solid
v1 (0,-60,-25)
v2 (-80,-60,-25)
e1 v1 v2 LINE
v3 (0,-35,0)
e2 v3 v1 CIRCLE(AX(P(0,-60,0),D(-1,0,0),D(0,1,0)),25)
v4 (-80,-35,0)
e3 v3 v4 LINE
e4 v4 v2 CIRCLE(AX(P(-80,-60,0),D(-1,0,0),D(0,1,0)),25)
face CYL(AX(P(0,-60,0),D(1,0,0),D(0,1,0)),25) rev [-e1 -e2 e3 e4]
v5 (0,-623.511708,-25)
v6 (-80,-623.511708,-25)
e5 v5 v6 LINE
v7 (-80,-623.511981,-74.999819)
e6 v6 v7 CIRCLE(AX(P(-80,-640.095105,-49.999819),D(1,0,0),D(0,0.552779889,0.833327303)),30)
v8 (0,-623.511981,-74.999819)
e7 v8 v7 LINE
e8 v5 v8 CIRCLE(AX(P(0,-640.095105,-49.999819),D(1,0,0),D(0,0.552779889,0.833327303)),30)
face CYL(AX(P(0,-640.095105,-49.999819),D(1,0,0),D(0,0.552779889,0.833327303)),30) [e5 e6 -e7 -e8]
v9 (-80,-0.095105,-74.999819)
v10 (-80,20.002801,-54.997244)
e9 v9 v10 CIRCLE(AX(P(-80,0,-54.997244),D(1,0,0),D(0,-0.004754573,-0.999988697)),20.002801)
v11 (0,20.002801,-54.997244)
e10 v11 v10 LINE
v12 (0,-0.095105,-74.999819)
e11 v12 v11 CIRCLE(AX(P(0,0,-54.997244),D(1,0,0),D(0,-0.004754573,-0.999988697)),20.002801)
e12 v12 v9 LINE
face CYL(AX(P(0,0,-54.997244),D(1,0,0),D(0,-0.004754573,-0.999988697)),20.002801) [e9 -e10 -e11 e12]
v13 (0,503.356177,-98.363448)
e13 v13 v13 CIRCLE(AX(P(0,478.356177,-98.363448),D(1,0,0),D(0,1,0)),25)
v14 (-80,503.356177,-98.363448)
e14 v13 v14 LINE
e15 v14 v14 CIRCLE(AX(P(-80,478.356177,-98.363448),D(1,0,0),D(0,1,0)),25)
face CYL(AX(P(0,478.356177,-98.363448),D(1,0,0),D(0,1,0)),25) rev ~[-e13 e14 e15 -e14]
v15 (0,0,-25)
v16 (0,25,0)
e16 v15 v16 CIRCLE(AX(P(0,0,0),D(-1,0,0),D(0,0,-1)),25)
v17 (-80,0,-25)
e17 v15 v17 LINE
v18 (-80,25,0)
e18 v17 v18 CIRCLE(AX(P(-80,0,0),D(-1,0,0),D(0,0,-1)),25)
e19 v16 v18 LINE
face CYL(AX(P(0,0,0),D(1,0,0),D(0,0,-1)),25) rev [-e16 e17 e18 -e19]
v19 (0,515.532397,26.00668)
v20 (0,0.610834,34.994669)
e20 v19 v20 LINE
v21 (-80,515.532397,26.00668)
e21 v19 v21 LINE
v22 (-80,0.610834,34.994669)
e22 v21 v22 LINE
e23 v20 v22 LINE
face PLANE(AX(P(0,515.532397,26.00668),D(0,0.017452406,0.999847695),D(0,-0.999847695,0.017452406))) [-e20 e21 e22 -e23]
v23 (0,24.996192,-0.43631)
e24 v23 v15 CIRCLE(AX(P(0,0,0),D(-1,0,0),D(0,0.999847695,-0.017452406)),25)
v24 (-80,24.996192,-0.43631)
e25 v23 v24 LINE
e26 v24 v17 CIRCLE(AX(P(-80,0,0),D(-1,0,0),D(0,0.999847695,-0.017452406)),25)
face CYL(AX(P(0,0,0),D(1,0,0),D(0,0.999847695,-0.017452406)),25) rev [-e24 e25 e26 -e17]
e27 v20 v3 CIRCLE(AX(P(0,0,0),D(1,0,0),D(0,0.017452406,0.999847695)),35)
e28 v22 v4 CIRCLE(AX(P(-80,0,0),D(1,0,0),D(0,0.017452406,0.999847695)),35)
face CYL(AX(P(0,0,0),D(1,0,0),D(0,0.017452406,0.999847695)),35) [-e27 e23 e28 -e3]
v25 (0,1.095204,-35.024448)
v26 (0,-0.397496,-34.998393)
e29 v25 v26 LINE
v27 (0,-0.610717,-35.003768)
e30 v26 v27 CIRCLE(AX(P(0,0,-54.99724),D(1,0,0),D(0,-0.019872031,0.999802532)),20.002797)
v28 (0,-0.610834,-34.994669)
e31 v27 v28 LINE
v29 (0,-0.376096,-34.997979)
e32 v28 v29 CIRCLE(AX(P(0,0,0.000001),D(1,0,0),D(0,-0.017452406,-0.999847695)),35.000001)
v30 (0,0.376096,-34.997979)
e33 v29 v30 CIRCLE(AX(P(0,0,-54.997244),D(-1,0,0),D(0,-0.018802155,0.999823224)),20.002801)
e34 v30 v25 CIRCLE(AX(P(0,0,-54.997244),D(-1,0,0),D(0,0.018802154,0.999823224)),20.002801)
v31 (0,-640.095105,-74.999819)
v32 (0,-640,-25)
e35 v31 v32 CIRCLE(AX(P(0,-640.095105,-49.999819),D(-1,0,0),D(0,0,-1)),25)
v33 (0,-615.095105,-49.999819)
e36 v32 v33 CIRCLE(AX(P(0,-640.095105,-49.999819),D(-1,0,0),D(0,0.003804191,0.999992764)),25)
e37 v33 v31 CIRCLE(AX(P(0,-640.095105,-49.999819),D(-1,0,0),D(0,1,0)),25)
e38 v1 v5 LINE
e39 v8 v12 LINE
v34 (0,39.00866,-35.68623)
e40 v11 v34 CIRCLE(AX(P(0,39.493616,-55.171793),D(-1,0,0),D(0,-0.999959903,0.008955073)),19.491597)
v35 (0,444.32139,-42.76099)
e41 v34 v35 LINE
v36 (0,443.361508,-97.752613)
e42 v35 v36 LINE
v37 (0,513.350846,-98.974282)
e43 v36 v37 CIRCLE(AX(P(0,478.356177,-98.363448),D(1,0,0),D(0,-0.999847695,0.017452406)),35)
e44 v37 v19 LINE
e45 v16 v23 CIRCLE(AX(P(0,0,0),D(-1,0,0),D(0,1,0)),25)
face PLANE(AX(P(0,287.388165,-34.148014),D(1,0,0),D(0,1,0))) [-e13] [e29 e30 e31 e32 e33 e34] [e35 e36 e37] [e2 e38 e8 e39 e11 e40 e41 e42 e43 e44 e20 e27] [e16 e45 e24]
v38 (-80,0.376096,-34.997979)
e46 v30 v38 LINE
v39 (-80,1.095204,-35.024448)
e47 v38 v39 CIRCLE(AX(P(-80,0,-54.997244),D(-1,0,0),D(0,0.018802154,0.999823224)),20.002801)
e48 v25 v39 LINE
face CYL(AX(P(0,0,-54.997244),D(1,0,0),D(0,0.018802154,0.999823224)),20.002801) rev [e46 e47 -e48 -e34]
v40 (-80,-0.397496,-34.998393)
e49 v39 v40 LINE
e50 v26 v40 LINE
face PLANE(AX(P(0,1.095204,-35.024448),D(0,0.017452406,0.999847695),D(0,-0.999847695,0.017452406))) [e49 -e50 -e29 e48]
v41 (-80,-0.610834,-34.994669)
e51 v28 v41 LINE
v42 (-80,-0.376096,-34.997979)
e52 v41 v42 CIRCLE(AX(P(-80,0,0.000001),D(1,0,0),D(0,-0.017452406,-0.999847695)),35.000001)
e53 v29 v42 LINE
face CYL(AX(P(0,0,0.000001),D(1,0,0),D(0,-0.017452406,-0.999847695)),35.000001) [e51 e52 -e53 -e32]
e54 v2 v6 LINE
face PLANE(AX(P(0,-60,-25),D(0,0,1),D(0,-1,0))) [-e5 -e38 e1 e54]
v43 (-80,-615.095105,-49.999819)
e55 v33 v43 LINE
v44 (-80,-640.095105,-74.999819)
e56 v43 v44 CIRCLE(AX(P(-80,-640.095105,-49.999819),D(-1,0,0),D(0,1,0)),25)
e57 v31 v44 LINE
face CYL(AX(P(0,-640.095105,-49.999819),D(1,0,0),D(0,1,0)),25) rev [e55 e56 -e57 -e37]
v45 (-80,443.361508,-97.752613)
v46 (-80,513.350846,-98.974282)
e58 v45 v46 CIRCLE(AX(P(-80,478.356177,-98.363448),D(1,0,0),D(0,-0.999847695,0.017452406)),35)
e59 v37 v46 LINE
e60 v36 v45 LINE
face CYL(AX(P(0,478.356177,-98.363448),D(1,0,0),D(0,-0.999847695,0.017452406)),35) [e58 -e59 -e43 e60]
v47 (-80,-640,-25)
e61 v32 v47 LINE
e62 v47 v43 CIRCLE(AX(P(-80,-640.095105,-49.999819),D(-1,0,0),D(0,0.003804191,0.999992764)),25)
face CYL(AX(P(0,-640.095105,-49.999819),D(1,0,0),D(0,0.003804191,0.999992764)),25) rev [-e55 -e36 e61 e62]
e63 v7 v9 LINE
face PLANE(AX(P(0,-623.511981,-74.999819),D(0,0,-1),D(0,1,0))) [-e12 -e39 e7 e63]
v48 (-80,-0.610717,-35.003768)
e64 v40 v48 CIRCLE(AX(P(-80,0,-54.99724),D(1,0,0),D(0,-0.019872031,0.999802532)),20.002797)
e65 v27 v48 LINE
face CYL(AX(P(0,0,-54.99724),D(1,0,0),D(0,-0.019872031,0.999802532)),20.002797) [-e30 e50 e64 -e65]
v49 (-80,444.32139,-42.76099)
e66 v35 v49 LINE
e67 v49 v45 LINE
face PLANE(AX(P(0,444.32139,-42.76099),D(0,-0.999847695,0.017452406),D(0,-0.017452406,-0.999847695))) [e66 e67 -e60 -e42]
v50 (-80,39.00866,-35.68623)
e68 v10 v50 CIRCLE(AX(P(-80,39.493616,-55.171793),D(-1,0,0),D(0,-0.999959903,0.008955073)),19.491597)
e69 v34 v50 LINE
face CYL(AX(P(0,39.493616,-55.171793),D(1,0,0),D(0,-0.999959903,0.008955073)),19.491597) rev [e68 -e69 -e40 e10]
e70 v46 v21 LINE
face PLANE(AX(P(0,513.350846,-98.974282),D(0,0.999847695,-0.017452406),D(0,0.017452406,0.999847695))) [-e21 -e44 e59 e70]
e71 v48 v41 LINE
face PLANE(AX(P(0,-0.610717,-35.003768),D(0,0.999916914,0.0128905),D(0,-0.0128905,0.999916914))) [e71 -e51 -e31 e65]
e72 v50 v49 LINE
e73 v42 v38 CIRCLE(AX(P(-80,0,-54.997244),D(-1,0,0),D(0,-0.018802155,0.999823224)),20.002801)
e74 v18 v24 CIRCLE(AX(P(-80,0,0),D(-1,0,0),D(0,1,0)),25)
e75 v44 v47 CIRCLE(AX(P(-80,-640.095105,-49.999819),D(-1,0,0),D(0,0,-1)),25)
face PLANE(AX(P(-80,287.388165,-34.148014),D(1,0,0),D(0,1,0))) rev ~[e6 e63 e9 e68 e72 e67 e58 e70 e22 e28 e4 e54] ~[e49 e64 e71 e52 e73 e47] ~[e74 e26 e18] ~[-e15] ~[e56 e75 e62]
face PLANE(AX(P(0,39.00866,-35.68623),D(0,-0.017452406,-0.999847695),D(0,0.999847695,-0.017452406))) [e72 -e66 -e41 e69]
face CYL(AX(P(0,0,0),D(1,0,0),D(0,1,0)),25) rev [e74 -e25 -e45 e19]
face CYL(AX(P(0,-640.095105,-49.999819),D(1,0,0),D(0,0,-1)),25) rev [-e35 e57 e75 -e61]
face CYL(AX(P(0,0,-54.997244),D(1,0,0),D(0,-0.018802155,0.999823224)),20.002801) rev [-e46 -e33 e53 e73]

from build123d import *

# Parameters (mm, degrees)
F0_R     = 25
F1_DEPTH = 80


with BuildPart() as f1:
    # F0 (on Right) → F1 (new body)
    with BuildSketch(Plane.YZ):
        with BuildLine():
            Line((514.9215630055, -8.9879893152), (34.9946693305, -0.6108342253))
            ThreePointArc((34.9946693305, -0.6108342253), (24.6655973277, -24.8315989914), (0.3760957557, -34.9979792557))
            ThreePointArc((0.3760957557, -34.9979792557), (0.7357689155, -35.0079798205), (1.0952040016, -35.0244483385))
            Line((1.0952040016, -35.0244483385), (39.008660322, -35.6862301802))
            Line((39.008660322, -35.6862301802), (444.3213901193, -42.7609901951))
            Line((444.3213901193, -42.7609901951), (443.3615077652, -97.7526134287))
            ThreePointArc((443.3615077652, -97.7526134287), (477.7453428704, -133.3581169844), (513.3508464262, -98.9742818793))
            Line((513.3508464262, -98.9742818793), (514.9215630055, -8.9879893152))
        make_face()
        with Locations((478.3561770957, -98.363447654)):
            Circle(F0_R, mode=Mode.SUBTRACT)
        with BuildLine():
            ThreePointArc((35, 0), (34.9986673072, -0.3054287424), (34.9946693305, -0.6108342253))
            Line((34.9946693305, -0.6108342253), (514.9215630055, -8.9879893152))
            Line((514.9215630055, -8.9879893152), (515.5323972308, 26.0066800153))
            Line((515.5323972308, 26.0066800153), (0.6108342253, 34.9946693305))
            ThreePointArc((0.6108342253, 34.9946693305), (24.9637657204, 24.5318242505), (35, 0))
        make_face()
        with BuildLine():
            ThreePointArc((24.9961923789, -0.4363101609), (17.5227316075, -17.8312612289), (0, -25))
            Line((0, -25), (-24.4948974278, -25))
            ThreePointArc((-24.4948974278, -25), (-13.5110249136, -32.2870284446), (-0.6108342253, -34.9946693305))
            ThreePointArc((-0.6108342253, -34.9946693305), (-0.4934677657, -34.9965211066), (-0.3760957557, -34.9979792557))
            ThreePointArc((-0.3760957557, -34.9979792557), (0, -34.9944432379), (0.3760957557, -34.9979792557))
            ThreePointArc((0.3760957557, -34.9979792557), (24.6655973277, -24.8315989914), (34.9946693305, -0.6108342253))
            Line((34.9946693305, -0.6108342253), (24.9961923789, -0.4363101609))
        make_face()
        with BuildLine():
            ThreePointArc((0, -25), (-17.6776695297, 17.6776695297), (25, 0))
            ThreePointArc((25, 0), (24.9990480766, -0.2181633875), (24.9961923789, -0.4363101609))
            Line((24.9961923789, -0.4363101609), (34.9946693305, -0.6108342253))
            ThreePointArc((34.9946693305, -0.6108342253), (34.9986673072, -0.3054287424), (35, 0))
            ThreePointArc((35, 0), (24.9637657204, 24.5318242505), (0.6108342253, 34.9946693305))
            ThreePointArc((0.6108342253, 34.9946693305), (-24.5318242505, 24.9637657204), (-35, 0))
            ThreePointArc((-35, 0), (-32.2670219417, -13.5587350078), (-24.4948974278, -25))
            Line((-24.4948974278, -25), (0, -25))
        make_face()
        with BuildLine():
            ThreePointArc((-0.6108342253, -34.9946693305), (-13.5110249136, -32.2870284446), (-24.4948974278, -25))
            Line((-24.4948974278, -25), (-60, -25))
            Line((-60, -25), (-623.5117081128, -25))
            ThreePointArc((-623.5117081128, -25), (-613.6612070325, -35.8135916236), (-610.0951047769, -49.999819101))
            ThreePointArc((-610.0951047769, -49.999819101), (-613.6612844084, -64.1861907556), (-623.5119808251, -74.999819101))
            Line((-623.5119808251, -74.999819101), (-0.0951047769, -74.999819101))
            Line((-0.0951047769, -74.999819101), (-0.6107169229, -35.0037684849))
            Line((-0.6107169229, -35.0037684849), (-0.6108342253, -34.9946693305))
        make_face()
        with BuildLine():
            Line((-60, -25), (-24.4948974278, -25))
            ThreePointArc((-24.4948974278, -25), (-32.2670219417, -13.5587350078), (-35, 0))
            ThreePointArc((-35, 0), (-42.3223304703, -17.6776695297), (-60, -25))
        make_face()
        with BuildLine():
            ThreePointArc((-610.0951047769, -49.999819101), (-613.6612070325, -35.8135916236), (-623.5117081128, -25))
            Line((-623.5117081128, -25), (-640, -25))
            ThreePointArc((-640, -25), (-622.3838425488, -32.3558062272), (-615.0951047769, -49.999819101))
            ThreePointArc((-615.0951047769, -49.999819101), (-622.4174352472, -67.6774886306), (-640.0951047769, -74.999819101))
            Line((-640.0951047769, -74.999819101), (-623.5119808251, -74.999819101))
            ThreePointArc((-623.5119808251, -74.999819101), (-613.6612844084, -64.1861907556), (-610.0951047769, -49.999819101))
        make_face()
        with BuildLine():
            Line((-640, -25), (-623.5117081128, -25))
            ThreePointArc((-623.5117081128, -25), (-670.0951047765, -49.999655473), (-623.5119808251, -74.999819101))
            Line((-623.5119808251, -74.999819101), (-640.0951047769, -74.999819101))
            ThreePointArc((-640.0951047769, -74.999819101), (-665.0950595521, -49.9522666265), (-640, -25))
        make_face()
        with BuildLine():
            Line((1.0952040016, -35.0244483385), (-0.3974963091, -34.9983931577))
            ThreePointArc((-0.3974963091, -34.9983931577), (-0.5041137806, -35.0007966248), (-0.6107169229, -35.0037684849))
            Line((-0.6107169229, -35.0037684849), (-0.0951047769, -74.999819101))
            ThreePointArc((-0.0951047769, -74.999819101), (14.1104515348, -69.1749451733), (20.0028009778, -54.9972442157))
            ThreePointArc((20.0028009778, -54.9972442157), (14.5261693958, -41.2457915782), (1.0952040016, -35.0244483385))
        make_face()
        with BuildLine():
            Line((39.008660322, -35.6862301802), (1.0952040016, -35.0244483385))
            ThreePointArc((1.0952040016, -35.0244483385), (14.5261693958, -41.2457915782), (20.0028009778, -54.9972442157))
            ThreePointArc((20.0028009778, -54.9972442157), (25.6016517806, -41.4993509969), (39.008660322, -35.6862301802))
        make_face()
    extrude(amount=-F1_DEPTH)


solid = f1.part
